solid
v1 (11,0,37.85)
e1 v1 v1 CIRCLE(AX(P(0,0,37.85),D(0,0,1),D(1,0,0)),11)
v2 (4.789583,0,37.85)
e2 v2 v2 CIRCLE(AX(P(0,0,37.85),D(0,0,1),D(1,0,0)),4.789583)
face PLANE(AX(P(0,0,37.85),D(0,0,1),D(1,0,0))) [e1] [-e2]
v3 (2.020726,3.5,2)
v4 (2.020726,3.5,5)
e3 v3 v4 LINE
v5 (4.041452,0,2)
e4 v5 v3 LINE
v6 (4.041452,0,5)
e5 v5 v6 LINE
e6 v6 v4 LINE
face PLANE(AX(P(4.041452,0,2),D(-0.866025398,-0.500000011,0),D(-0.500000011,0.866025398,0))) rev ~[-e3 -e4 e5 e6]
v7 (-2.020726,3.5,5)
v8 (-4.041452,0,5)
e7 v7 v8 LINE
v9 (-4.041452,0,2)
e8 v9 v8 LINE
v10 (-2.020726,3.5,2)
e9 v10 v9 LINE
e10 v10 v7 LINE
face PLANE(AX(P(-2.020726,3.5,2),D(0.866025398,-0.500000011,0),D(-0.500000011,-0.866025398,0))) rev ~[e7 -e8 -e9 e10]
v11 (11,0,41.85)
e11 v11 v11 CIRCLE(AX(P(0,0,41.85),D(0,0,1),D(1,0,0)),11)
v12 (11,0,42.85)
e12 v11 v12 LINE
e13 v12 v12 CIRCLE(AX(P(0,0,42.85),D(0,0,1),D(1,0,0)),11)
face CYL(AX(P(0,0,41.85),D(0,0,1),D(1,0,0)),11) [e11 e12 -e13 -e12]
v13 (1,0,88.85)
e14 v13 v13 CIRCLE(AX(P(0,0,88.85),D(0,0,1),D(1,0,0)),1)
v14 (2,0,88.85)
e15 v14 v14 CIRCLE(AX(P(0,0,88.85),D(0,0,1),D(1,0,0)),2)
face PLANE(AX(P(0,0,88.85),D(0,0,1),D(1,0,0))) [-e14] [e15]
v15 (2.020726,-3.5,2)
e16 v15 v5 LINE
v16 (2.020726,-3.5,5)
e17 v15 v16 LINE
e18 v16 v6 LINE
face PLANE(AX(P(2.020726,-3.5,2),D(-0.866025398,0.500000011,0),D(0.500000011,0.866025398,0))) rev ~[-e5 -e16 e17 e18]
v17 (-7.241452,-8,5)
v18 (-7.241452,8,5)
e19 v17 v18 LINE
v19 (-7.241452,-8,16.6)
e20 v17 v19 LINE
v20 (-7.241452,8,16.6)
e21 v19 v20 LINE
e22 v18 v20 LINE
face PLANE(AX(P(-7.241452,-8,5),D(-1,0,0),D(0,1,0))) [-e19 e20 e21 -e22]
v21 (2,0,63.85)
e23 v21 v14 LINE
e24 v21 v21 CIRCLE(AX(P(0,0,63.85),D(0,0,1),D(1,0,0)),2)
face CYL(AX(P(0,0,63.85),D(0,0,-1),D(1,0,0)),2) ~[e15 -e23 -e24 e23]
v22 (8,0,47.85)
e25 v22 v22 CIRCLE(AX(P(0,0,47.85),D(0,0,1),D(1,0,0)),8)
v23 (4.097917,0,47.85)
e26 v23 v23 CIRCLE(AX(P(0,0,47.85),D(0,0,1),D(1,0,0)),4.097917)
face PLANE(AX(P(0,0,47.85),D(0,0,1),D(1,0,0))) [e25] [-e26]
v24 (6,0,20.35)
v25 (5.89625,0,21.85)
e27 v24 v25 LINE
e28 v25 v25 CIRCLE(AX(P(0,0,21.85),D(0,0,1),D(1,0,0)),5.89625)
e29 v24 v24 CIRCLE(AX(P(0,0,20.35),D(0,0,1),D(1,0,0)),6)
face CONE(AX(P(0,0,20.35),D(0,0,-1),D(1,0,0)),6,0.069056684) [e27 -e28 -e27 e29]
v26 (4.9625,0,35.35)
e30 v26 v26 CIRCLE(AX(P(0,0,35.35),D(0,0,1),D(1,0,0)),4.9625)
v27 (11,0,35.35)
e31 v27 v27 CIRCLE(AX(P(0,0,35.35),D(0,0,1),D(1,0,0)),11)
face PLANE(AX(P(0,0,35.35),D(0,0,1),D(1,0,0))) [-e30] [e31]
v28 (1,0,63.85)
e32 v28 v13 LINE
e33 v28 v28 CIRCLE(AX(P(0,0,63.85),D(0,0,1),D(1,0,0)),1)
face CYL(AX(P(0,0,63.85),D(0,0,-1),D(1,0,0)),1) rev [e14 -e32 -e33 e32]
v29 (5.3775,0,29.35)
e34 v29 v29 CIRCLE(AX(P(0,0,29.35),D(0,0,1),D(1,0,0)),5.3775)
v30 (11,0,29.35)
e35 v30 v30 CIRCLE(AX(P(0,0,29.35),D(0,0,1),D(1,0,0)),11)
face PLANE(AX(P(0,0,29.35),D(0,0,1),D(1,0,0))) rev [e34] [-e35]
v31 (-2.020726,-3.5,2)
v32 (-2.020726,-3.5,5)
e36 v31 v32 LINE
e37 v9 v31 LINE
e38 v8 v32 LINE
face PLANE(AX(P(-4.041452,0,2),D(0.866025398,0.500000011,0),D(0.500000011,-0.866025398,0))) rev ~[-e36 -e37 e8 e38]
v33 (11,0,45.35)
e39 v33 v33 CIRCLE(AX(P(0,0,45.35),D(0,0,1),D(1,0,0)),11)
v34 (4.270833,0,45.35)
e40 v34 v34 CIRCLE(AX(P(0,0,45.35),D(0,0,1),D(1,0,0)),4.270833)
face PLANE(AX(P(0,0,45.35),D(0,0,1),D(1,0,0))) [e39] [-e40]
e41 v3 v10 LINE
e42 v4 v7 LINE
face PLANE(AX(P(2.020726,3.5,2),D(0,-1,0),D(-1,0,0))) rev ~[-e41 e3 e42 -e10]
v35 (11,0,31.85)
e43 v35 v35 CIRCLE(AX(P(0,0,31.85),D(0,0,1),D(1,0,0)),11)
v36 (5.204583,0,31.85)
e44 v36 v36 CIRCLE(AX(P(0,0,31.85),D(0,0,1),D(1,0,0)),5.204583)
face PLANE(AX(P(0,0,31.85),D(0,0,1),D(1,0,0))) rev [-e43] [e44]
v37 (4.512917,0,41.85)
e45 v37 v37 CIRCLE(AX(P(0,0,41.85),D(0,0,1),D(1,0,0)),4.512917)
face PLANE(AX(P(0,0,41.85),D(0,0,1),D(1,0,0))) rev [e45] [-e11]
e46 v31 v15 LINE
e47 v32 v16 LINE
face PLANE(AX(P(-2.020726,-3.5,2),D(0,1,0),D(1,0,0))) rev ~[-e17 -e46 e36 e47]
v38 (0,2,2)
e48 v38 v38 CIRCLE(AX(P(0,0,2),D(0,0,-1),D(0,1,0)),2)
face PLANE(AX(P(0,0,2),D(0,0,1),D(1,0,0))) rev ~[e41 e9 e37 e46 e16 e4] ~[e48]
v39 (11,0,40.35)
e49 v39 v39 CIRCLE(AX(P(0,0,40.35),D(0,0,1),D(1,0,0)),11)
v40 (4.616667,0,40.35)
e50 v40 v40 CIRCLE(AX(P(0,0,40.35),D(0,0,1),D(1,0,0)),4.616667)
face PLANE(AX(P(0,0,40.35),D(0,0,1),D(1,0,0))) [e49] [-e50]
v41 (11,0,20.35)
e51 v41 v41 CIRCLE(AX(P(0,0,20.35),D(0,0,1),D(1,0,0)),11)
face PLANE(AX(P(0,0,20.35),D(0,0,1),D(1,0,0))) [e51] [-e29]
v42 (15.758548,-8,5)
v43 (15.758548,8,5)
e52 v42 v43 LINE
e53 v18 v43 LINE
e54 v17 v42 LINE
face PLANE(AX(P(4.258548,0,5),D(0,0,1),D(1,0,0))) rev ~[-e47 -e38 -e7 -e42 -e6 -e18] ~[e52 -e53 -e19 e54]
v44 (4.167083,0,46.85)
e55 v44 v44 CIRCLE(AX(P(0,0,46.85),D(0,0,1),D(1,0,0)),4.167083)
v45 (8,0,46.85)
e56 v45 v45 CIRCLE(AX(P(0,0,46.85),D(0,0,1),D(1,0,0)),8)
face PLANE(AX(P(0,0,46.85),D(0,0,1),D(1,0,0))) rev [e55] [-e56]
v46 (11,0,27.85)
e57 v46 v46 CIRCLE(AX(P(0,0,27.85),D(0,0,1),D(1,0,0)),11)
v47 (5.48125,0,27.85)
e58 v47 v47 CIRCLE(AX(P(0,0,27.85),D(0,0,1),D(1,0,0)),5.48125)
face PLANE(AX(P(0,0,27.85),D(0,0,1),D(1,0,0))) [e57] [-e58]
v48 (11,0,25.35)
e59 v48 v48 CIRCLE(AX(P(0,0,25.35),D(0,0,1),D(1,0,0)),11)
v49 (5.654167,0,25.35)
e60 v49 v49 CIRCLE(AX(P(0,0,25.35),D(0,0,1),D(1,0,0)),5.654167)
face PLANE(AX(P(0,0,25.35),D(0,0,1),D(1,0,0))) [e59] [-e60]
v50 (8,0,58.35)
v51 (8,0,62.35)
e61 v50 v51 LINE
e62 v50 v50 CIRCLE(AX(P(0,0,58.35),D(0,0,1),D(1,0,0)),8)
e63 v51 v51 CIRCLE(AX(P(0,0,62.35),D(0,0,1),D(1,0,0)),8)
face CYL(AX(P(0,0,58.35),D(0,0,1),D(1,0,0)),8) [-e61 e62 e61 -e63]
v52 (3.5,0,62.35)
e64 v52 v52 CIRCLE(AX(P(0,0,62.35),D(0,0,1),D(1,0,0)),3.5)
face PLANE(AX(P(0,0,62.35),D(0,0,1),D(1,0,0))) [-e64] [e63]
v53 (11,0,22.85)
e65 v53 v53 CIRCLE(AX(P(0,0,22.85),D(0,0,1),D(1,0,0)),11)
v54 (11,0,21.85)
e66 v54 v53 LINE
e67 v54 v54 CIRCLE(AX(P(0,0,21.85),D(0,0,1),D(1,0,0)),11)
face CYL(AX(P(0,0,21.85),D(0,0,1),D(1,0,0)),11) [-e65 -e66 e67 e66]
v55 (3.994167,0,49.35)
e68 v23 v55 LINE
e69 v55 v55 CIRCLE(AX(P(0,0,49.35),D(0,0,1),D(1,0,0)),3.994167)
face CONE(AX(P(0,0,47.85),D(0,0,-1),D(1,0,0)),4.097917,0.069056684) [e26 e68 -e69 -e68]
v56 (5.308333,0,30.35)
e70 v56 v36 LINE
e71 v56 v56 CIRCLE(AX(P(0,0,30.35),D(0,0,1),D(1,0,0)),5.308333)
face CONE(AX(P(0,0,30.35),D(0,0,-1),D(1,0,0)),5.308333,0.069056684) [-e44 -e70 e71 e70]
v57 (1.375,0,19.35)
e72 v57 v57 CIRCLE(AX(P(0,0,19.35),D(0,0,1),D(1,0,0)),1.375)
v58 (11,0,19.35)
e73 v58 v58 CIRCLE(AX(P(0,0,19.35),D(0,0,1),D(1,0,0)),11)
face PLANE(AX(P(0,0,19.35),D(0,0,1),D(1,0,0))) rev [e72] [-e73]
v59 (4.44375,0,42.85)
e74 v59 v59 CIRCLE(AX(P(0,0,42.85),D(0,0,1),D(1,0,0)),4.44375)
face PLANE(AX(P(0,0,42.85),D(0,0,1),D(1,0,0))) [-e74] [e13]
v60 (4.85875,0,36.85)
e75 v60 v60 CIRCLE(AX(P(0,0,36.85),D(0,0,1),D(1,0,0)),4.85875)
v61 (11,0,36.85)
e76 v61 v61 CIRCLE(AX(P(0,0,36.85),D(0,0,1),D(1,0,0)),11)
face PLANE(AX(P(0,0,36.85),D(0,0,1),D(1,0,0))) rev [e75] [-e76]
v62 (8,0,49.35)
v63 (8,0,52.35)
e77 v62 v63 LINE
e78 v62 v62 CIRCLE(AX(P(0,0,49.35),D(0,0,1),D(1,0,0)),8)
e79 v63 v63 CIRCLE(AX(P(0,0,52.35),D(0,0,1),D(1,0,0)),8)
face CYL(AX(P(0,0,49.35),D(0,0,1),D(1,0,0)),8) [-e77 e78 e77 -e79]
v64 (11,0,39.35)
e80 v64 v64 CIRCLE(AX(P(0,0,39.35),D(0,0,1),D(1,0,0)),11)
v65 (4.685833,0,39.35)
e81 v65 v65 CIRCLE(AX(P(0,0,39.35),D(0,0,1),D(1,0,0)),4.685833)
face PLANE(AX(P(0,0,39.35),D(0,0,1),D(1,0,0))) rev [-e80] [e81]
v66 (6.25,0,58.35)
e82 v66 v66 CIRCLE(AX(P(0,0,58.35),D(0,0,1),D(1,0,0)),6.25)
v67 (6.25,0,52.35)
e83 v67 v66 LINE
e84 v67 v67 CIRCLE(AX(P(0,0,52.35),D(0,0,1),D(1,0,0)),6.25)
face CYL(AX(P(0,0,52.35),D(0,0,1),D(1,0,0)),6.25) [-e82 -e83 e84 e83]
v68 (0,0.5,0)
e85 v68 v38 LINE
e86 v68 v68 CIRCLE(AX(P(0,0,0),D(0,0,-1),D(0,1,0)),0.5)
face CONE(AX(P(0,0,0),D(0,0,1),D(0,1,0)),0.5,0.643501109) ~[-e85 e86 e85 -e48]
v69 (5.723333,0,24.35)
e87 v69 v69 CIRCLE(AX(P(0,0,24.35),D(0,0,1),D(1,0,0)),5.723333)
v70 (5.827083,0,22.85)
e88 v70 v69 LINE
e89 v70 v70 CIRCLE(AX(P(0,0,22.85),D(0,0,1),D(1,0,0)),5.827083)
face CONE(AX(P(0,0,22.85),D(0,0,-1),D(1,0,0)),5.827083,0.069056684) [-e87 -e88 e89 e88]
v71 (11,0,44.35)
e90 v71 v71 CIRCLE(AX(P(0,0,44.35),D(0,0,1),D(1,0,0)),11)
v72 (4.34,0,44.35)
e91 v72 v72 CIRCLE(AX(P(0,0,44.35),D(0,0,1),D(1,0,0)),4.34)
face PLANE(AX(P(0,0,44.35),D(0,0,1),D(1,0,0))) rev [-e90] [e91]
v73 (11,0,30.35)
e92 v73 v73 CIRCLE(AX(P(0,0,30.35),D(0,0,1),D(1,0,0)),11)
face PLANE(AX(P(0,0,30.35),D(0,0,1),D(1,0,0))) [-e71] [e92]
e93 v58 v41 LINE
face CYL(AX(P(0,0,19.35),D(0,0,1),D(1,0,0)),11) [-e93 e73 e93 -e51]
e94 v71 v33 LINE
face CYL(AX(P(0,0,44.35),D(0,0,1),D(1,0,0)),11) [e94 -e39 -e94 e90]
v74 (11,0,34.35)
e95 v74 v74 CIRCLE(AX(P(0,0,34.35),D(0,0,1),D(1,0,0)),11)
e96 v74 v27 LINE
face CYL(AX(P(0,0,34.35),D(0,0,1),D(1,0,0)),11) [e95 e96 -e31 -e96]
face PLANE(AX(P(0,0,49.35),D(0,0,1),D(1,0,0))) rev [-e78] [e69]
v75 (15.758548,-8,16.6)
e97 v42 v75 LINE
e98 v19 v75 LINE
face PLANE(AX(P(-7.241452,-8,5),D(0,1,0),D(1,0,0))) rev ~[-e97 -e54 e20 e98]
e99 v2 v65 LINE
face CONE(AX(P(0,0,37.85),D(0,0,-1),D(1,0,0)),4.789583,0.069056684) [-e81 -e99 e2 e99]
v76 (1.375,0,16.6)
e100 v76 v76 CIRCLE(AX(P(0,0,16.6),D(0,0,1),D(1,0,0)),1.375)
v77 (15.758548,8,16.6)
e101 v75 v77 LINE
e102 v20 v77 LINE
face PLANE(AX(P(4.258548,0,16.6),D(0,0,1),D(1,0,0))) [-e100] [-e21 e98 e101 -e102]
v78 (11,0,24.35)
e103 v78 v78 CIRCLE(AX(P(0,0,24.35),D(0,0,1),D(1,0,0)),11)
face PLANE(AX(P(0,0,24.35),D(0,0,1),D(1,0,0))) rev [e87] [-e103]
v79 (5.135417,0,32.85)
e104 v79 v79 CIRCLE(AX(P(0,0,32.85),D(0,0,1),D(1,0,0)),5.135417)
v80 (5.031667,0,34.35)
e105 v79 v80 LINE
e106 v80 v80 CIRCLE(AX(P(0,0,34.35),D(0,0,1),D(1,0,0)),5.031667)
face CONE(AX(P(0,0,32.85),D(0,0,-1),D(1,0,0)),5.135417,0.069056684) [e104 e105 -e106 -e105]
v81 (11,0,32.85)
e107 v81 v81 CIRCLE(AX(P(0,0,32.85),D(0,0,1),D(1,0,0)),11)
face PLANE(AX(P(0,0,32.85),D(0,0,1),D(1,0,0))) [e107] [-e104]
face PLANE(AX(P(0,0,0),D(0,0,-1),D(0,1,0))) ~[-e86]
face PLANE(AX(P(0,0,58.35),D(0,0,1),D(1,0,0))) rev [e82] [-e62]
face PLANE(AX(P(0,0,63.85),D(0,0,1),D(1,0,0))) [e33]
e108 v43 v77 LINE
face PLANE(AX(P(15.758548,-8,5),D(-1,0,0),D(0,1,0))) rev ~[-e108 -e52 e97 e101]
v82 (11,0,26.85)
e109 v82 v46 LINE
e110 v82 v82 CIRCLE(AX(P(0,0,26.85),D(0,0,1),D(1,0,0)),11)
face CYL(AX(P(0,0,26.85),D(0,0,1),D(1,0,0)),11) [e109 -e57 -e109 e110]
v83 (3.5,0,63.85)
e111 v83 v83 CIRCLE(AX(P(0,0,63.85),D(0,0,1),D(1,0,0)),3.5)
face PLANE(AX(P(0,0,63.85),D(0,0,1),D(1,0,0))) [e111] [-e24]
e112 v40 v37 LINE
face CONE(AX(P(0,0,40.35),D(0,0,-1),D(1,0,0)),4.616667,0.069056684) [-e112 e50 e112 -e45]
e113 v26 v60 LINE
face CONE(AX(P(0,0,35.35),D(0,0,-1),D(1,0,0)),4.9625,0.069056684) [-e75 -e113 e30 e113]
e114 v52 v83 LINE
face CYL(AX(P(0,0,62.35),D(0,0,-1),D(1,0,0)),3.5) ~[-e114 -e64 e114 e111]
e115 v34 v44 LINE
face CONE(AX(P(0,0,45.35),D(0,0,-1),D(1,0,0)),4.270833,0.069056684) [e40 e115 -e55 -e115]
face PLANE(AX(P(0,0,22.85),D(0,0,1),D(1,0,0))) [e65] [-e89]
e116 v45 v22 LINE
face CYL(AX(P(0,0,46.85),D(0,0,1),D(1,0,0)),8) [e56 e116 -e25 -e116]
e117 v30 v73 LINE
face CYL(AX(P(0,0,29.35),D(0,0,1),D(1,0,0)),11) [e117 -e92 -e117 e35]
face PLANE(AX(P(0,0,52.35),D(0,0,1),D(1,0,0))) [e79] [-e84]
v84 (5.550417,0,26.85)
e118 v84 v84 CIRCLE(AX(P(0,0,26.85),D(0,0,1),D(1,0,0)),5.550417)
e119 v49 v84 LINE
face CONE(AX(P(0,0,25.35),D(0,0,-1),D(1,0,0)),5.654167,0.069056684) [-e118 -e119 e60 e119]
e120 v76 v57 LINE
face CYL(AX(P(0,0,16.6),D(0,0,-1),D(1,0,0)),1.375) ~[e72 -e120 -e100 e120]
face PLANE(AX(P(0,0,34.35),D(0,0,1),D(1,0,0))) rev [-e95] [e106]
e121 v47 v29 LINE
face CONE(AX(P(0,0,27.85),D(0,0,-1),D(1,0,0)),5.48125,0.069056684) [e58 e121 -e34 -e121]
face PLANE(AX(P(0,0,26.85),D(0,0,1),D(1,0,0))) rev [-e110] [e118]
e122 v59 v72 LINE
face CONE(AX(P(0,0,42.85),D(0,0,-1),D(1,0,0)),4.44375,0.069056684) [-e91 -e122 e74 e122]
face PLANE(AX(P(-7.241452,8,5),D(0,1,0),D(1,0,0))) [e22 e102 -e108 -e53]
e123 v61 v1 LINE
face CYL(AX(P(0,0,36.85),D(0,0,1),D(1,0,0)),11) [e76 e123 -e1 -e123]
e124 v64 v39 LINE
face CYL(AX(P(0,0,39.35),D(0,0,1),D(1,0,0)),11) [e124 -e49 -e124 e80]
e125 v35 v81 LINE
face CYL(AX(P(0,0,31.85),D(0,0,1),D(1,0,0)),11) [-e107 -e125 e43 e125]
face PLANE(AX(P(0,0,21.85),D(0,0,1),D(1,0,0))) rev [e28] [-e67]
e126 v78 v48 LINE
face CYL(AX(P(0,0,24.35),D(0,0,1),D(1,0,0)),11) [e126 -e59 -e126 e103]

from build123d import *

# Parameters (mm, degrees)
F3_DEPTH  = 3
F4_W      = 23
F4_H      = 16
F5_DEPTH  = 11.6
F6_R      = 1.375
F7_DEPTH  = 2.75
F10_R     = 3.5
F11_DEPTH = 1.5
F12_R     = 2
F12_R_2   = 1
F13_DEPTH = 25


with BuildPart() as f1:
    # F0 (on Right) → F1 (revolve)
    with BuildSketch(Plane.YZ):
        Polygon((0, 2), (0, 0), (0.5, 0), (2, 2), align=None)
    revolve(axis=Axis((0, 0, 1), (0, 0, -1)))

    # F2 (on face) → F3 (join)
    with BuildSketch(Plane.XY.offset(2)):
        Polygon((2.020726, 3.5), (-2.020726, 3.5), (-4.041452, 0), (-2.020726, -3.5), (2.020726, -3.5), (4.041452, 0), align=None)
    extrude(amount=F3_DEPTH)

    # F4 (on face) → F5 (join)
    with BuildSketch(Plane.XY.offset(5)):
        with Locations((4.258548, 0)):
            Rectangle(F4_W, F4_H)
    extrude(amount=F5_DEPTH)

    # F6 (on face) → F7 (join)
    with BuildSketch(Plane.XY.offset(16.6)):
        Circle(F6_R)
    extrude(amount=F7_DEPTH)

    # F8 (on Front) → F9 (revolve)
    with BuildSketch(Plane.XZ):
        Polygon((0, 45.35), (0, 19.35), (1.375, 19.35), (11, 19.35), (11, 20.35), (6, 20.35), (5.89625, 21.85), (11, 21.85), (11, 22.85), (5.827083, 22.85), (5.723333, 24.35), (11, 24.35), (11, 25.35), (5.654167, 25.35), (5.550417, 26.85), (11, 26.85), (11, 27.85), (5.48125, 27.85), (5.3775, 29.35), (11, 29.35), (11, 30.35), (5.308333, 30.35), (5.204583, 31.85), (11, 31.85), (11, 32.85), (5.135417, 32.85), (5.031667, 34.35), (11, 34.35), (11, 35.35), (4.9625, 35.35), (4.85875, 36.85), (11, 36.85), (11, 37.85), (4.789583, 37.85), (4.685833, 39.35), (11, 39.35), (11, 40.35), (4.616667, 40.35), (4.512917, 41.85), (11, 41.85), (11, 42.85), (4.44375, 42.85), (4.34, 44.35), (11, 44.35), (11, 45.35), (4.270833, 45.35), (4.167083, 46.85), (8, 46.85), (8, 47.85), (4.097917, 47.85), (3.994167, 49.35), (8, 49.35), (8, 52.35), (6.25, 52.35), (6.25, 58.35), (8, 58.35), (8, 62.35), (0, 62.35), (0, 46.85), align=None)
    revolve(axis=Axis((0, 0, 40.529307), (0, 0, 1)))

    # F10 (on face) → F11 (join)
    with BuildSketch(Plane.XY.offset(62.35)):
        Circle(F10_R)
    extrude(amount=F11_DEPTH)

    # F12 (on face) → F13 (join)
    with BuildSketch(Plane.XY.offset(63.85)):
        Circle(F12_R)
        Circle(F12_R_2, mode=Mode.SUBTRACT)
    extrude(amount=F13_DEPTH)


solid = f1.part
